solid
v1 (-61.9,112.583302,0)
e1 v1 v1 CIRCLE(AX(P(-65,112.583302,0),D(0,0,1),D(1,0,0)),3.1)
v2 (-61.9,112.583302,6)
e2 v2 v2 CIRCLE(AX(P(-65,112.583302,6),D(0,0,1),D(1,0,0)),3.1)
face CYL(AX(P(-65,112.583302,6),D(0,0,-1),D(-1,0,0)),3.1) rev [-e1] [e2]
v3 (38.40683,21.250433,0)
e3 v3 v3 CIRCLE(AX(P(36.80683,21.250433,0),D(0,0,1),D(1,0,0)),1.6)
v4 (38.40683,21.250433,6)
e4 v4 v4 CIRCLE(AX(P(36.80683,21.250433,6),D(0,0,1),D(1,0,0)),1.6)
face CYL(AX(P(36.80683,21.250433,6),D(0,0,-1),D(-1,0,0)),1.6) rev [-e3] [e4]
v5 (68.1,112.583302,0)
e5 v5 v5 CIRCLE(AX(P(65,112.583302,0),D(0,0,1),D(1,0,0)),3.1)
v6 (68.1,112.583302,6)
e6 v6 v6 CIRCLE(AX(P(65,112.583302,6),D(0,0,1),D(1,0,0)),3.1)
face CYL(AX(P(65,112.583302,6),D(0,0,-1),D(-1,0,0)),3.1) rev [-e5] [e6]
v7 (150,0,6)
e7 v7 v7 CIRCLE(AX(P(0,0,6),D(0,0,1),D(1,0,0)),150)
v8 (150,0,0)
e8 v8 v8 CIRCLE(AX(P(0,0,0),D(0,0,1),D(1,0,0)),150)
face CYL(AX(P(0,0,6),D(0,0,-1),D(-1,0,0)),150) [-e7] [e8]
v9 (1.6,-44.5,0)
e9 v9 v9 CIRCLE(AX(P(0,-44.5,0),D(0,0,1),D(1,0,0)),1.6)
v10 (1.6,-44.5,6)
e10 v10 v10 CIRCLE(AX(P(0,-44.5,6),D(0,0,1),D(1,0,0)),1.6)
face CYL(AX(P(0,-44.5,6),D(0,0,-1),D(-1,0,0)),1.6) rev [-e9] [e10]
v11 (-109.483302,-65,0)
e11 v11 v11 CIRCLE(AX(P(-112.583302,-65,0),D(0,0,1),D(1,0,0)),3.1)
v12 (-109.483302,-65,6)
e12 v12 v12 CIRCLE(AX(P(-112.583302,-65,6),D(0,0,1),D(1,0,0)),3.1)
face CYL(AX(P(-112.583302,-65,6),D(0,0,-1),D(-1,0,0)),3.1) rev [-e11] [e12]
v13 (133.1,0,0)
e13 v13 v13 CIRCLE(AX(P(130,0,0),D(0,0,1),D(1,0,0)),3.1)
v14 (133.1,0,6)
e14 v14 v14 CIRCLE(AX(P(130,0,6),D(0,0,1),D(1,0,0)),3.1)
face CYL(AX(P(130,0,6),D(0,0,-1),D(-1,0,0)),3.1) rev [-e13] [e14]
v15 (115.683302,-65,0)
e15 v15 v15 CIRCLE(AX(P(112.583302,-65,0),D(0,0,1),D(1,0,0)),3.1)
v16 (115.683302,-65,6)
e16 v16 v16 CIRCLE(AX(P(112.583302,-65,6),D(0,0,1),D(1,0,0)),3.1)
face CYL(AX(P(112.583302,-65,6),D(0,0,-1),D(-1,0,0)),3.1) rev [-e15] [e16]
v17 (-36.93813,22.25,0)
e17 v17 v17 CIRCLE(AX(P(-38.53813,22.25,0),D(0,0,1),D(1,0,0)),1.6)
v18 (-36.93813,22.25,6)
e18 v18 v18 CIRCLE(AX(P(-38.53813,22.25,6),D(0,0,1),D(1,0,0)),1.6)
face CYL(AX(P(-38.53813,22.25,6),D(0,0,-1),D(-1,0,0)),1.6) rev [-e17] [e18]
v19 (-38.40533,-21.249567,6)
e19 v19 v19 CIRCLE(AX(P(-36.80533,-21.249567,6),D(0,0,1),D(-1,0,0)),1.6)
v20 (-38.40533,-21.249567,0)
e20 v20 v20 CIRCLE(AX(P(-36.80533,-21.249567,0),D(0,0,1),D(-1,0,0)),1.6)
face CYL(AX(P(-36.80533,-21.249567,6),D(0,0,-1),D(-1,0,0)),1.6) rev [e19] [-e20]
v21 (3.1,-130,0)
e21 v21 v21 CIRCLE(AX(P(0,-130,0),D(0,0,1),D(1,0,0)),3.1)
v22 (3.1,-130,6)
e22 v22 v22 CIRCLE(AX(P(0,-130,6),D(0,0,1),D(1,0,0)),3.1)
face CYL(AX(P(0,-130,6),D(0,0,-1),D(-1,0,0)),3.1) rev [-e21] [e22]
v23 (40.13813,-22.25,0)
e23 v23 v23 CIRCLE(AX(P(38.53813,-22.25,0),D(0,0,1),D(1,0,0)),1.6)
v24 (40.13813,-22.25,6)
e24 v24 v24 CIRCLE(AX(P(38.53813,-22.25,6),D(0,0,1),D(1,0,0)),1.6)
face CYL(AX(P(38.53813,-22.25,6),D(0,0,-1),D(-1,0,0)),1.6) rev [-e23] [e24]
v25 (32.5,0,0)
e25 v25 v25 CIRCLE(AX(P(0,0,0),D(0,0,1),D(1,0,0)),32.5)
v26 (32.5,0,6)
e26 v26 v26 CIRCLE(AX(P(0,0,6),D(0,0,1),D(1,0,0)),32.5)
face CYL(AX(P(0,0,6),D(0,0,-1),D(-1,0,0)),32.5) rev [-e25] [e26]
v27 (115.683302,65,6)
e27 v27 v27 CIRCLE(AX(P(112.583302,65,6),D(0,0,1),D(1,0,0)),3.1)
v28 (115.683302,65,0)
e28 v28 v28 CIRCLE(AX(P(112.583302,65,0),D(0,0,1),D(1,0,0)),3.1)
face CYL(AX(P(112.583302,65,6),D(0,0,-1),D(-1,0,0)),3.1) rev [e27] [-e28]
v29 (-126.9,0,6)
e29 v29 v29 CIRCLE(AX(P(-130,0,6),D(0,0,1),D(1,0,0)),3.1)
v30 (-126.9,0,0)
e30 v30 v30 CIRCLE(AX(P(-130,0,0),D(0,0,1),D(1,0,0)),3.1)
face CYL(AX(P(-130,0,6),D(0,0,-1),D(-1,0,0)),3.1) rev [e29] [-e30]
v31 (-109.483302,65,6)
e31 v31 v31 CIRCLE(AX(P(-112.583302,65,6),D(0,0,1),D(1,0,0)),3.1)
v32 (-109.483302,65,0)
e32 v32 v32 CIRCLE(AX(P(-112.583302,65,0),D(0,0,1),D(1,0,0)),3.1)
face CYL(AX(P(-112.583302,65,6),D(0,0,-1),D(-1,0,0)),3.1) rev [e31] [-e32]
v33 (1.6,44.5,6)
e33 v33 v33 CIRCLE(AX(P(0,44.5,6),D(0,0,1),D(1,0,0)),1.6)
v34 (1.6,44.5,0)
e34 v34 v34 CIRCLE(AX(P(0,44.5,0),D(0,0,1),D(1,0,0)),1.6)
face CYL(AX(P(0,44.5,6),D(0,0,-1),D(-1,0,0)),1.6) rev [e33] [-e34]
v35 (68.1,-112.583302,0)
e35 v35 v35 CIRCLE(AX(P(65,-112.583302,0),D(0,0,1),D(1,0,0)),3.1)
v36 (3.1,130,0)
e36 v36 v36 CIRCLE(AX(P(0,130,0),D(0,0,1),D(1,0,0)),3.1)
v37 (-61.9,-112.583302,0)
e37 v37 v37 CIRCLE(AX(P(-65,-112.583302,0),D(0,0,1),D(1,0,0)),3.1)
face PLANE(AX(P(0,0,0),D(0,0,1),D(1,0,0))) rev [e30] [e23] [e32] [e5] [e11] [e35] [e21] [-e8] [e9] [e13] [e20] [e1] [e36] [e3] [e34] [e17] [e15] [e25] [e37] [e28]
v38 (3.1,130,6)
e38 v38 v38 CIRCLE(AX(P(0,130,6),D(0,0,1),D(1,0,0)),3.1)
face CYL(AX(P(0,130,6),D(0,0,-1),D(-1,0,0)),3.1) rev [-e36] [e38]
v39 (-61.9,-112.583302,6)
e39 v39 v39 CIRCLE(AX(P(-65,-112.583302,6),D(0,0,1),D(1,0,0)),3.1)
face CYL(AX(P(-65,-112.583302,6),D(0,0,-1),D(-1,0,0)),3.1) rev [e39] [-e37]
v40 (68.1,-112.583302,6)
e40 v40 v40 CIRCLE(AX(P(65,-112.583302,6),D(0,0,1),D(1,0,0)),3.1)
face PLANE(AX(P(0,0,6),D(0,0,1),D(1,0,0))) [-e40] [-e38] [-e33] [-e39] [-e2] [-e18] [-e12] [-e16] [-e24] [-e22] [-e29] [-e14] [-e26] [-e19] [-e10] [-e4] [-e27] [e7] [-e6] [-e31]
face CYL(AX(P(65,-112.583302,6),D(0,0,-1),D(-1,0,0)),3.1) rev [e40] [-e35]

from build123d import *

# Parameters (mm, degrees)
SKETCH_1_R      = 150
SKETCH_1_R_2    = 32.5
SKETCH_1_R_3    = 3.1
SKETCH_1_R_4    = 1.6
EXTRUDE_1_DEPTH = 6


with BuildPart() as part:
    # 草图1 → 凸台-拉伸1 (new body)
    with BuildSketch(Plane.XY):
        Circle(SKETCH_1_R)
        Circle(SKETCH_1_R_2, mode=Mode.SUBTRACT)
        with Locations((0, 130)):
            Circle(SKETCH_1_R_3, mode=Mode.SUBTRACT)
        with Locations((65, 112.583302492)):
            Circle(SKETCH_1_R_3, mode=Mode.SUBTRACT)
        with Locations((112.583302492, 65)):
            Circle(SKETCH_1_R_3, mode=Mode.SUBTRACT)
        with Locations((130, 0)):
            Circle(SKETCH_1_R_3, mode=Mode.SUBTRACT)
        with Locations((112.583302492, -65)):
            Circle(SKETCH_1_R_3, mode=Mode.SUBTRACT)
        with Locations((65, -112.583302492)):
            Circle(SKETCH_1_R_3, mode=Mode.SUBTRACT)
        with Locations((0, -130)):
            Circle(SKETCH_1_R_3, mode=Mode.SUBTRACT)
        with Locations((-65, -112.583302492)):
            Circle(SKETCH_1_R_3, mode=Mode.SUBTRACT)
        with Locations((-112.583302492, -65)):
            Circle(SKETCH_1_R_3, mode=Mode.SUBTRACT)
        with Locations((-130, 0)):
            Circle(SKETCH_1_R_3, mode=Mode.SUBTRACT)
        with Locations((-112.583302492, 65)):
            Circle(SKETCH_1_R_3, mode=Mode.SUBTRACT)
        with Locations((-65, 112.583302492)):
            Circle(SKETCH_1_R_3, mode=Mode.SUBTRACT)
        with Locations((0, 44.5)):
            Circle(SKETCH_1_R_4, mode=Mode.SUBTRACT)
        with Locations((38.538130468, -22.25)):
            Circle(SKETCH_1_R_4, mode=Mode.SUBTRACT)
        with Locations((0, -44.5)):
            Circle(SKETCH_1_R_4, mode=Mode.SUBTRACT)
        with Locations((-38.538130468, 22.25)):
            Circle(SKETCH_1_R_4, mode=Mode.SUBTRACT)
        with Locations((36.806829661, 21.250433013)):
            Circle(SKETCH_1_R_4, mode=Mode.SUBTRACT)
        with Locations(Location((-36.805329661, -21.249566987, 0), (0, 0, 180))):
            Circle(SKETCH_1_R_4, mode=Mode.SUBTRACT)
    extrude(amount=EXTRUDE_1_DEPTH)


solid = part.part
